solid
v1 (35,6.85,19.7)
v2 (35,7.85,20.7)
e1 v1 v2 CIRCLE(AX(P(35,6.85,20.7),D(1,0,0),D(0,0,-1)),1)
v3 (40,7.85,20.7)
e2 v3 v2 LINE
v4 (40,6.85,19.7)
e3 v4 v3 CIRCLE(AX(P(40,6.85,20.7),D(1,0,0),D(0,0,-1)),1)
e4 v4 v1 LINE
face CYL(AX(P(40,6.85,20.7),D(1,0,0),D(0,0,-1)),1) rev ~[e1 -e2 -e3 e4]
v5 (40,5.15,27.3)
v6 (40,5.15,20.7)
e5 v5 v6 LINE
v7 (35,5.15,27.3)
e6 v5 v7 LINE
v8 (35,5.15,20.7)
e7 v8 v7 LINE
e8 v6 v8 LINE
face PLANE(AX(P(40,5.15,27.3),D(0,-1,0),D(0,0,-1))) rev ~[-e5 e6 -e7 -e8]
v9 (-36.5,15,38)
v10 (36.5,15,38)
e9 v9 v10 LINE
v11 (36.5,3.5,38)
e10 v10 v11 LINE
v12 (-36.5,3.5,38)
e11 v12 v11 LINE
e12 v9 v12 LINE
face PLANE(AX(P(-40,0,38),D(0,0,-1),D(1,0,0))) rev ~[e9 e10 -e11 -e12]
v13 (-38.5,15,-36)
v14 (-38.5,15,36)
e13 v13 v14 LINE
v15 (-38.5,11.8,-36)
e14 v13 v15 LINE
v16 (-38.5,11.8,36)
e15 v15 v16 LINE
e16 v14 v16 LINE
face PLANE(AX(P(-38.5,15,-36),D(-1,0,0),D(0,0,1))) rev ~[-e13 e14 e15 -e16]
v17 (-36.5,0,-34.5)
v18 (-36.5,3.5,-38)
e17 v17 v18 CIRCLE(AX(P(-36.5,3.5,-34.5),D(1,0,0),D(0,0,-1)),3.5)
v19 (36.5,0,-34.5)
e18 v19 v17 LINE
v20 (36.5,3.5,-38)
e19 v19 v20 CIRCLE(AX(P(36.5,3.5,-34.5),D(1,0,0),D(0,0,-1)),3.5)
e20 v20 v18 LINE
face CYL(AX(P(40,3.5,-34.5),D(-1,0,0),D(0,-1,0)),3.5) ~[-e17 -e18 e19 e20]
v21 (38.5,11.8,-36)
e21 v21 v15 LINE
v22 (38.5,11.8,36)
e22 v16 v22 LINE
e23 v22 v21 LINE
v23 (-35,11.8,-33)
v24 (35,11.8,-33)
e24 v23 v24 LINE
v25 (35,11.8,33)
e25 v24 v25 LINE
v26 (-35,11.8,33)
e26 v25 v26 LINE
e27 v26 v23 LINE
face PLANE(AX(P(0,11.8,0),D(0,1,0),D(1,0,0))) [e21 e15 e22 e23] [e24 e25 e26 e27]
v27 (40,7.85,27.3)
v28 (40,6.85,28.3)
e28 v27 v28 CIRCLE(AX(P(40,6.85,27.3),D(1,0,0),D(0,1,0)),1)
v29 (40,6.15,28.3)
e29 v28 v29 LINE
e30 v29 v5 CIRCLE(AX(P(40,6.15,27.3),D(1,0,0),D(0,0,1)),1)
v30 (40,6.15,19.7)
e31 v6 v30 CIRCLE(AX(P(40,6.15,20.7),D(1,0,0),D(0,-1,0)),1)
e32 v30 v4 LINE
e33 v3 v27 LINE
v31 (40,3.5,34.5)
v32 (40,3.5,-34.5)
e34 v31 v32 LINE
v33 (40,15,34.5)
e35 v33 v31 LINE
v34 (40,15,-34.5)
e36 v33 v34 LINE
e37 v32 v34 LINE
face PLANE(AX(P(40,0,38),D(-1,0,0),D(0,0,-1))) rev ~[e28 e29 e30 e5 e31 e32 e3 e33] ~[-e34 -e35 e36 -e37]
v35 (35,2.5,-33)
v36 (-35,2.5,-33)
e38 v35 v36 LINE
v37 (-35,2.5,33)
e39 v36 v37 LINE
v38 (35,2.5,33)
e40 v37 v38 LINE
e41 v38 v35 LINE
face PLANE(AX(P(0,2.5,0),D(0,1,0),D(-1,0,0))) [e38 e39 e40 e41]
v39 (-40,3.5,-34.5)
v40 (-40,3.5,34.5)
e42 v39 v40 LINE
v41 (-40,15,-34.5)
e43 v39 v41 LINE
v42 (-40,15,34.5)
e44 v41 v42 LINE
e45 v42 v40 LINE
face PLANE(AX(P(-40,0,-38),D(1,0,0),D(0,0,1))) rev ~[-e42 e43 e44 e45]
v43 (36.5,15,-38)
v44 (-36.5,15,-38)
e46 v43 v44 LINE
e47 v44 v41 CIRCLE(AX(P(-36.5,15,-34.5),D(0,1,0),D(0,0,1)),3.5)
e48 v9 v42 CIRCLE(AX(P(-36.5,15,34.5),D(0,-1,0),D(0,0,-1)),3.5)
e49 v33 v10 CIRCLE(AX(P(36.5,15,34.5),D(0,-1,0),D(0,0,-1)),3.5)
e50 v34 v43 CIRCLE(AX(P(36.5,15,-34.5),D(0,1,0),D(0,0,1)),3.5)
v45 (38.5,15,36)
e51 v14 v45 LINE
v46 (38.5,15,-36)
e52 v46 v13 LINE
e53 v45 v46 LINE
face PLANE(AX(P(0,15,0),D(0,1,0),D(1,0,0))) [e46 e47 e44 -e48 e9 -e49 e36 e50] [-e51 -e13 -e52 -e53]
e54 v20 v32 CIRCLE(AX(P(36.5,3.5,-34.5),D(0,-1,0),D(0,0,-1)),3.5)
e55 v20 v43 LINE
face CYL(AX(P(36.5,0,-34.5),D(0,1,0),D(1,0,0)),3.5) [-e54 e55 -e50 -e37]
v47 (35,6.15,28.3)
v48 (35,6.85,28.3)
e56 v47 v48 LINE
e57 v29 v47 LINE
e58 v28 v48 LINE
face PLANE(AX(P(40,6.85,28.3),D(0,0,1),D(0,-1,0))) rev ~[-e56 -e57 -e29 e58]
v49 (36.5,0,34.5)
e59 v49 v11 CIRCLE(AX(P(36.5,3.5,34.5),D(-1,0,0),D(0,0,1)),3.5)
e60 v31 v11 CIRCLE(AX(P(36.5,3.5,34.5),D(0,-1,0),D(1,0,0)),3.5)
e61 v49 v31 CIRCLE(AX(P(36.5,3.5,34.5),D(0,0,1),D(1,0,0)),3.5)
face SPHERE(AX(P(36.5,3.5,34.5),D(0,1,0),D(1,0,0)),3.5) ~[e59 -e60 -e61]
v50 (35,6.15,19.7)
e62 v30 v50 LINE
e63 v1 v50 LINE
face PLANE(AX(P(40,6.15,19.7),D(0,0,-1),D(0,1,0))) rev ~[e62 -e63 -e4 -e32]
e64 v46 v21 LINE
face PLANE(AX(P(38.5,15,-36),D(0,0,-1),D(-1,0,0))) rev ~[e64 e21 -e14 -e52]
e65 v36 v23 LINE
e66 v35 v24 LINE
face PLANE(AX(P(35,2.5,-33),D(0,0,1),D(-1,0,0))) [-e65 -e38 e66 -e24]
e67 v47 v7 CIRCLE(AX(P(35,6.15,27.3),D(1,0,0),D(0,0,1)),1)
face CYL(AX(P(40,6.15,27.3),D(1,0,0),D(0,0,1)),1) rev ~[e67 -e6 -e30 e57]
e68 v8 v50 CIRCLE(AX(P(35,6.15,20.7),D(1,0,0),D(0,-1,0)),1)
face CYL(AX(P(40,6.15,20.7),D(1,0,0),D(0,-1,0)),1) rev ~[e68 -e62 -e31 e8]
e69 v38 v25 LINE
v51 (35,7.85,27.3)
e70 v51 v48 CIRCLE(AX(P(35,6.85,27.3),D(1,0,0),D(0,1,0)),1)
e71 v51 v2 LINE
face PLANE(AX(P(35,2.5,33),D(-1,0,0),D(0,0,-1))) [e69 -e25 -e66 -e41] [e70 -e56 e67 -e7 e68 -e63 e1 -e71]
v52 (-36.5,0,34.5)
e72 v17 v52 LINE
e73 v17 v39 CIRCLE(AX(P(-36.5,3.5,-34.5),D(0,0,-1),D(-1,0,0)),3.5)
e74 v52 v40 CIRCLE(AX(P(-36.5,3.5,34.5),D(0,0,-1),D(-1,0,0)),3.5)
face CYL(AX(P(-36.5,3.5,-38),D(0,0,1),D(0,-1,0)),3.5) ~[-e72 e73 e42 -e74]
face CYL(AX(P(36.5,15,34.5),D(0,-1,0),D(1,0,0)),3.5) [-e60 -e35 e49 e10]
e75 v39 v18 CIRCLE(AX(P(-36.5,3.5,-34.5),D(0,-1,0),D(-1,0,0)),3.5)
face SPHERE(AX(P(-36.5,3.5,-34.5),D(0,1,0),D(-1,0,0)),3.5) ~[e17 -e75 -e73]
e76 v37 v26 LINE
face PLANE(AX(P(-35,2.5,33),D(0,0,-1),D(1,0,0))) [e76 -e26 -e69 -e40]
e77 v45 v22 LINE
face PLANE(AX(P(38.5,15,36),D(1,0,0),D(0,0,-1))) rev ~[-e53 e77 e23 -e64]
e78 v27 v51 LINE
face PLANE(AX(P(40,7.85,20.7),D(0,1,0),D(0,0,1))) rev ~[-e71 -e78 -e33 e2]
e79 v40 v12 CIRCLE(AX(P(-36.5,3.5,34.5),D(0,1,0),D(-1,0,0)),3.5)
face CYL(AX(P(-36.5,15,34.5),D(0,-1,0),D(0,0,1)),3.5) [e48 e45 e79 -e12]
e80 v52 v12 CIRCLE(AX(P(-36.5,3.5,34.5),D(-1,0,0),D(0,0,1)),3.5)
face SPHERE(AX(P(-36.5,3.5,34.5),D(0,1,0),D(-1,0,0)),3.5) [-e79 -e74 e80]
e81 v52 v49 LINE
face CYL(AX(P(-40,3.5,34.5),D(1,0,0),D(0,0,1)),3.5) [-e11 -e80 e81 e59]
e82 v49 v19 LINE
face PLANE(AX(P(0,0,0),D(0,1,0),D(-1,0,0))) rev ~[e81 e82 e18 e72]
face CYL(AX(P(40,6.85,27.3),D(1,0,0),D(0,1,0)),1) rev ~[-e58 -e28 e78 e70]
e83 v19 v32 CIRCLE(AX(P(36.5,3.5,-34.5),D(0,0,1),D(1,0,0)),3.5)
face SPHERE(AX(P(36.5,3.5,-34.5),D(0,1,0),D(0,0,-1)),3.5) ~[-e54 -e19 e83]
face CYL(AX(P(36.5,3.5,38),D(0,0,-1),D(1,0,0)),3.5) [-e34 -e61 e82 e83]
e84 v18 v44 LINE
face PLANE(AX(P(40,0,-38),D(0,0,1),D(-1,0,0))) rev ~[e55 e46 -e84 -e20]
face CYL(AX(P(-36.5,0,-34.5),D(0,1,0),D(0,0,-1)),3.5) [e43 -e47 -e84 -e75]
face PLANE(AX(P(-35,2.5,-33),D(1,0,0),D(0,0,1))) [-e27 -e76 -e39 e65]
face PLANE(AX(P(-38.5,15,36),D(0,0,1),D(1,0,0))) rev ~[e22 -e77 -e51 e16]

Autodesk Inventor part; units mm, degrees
ref_plane "YZ Plane" through (0, 0, 0) normal (1, 0, 0) x (0, 1, 0)
ref_plane "XZ Plane" through (0, 0, 0) normal (0, 1, 0) x (-1, 0, 0)
ref_plane "XY Plane" through (0, 0, 0) normal (0, 0, 1) x (1, 0, 0)
sketch "Sketch2" plane through (0, 0, 0) normal (0, 1, 0) x (-1, 0, 0)
  line L0 (-40, -38) -> (40, -38)
  line L1 (40, -38) -> (40, 38)
  line L2 (40, 38) -> (-40, 38)
  line L3 (-40, 38) -> (-40, -38)
  line L4 (-40, -38) -> (40, 38) construction
  line L5 (40, -38) -> (-40, 38) construction
  point P0 (0, 0)
  dimension "d0" = 80
  dimension "d1" = 76
extrude "Extrusion1" add sketch "Sketch2" along normal blind 2.5
sketch "Sketch3" plane through (0, 2.5, 0) normal (0, 1, 0) x (1, 0, 0)
  line L0 (-35, -33) -> (35, -33)
  line L1 (35, -33) -> (35, 33)
  line L2 (35, 33) -> (-35, 33)
  line L3 (-35, 33) -> (-35, -33)
  line L4 (-35, -33) -> (35, 33) construction
  line L5 (35, -33) -> (-35, 33) construction
  line L6 (-40, 38) -> (-40, -38) projected
  line L7 (-40, 38) -> (-40, -38) projected
  line L8 (-40, -38) -> (40, -38) projected
  line L9 (-40, -38) -> (40, -38) projected
  line L10 (40, -38) -> (40, 38) projected
  line L11 (40, -38) -> (40, 38) projected
  line L12 (40, 38) -> (-40, 38) projected
  line L13 (40, 38) -> (-40, 38) projected
  point P0 (0, 0)
  dimension "d4" = 70
  dimension "d5" = 66
extrude "Extrusion2" add sketch "Sketch3" along normal blind 12.5
sketch "Sketch4" plane through (40, 0, 38) normal (1, 0, 0) x (0, 0, -1)
  line L0 (76, 0) -> (0, 0) projected
  line L1 (0, 0) -> (0, 15) projected
  line L2 (76, 0) -> (76, 15) projected
  line L3 (71, 2.5) -> (71, 15) projected
  line L4 (76, 15) -> (0, 15) projected
  line L5 (71, 2.5) -> (5, 2.5) projected
  line L6 (5, 2.5) -> (5, 15) projected
  line L7 (5, 15) -> (71, 15) projected
  line L8 (71, 15) -> (5, 15) projected
  line L9 (5, 2.5) -> (71, 2.5) projected
  line L10 (5, 2.5) -> (5, 15) projected
  line L11 (0, 0) -> (0, 15) projected
  line L12 (0, 0) -> (76, 0) projected
  line L13 (0, 15) -> (76, 15) projected
  line L14 (71, 2.5) -> (71, 15) projected
  line L15 (76, 0) -> (76, 15) projected
  line L16 (10.7, 5.15) -> (17.3, 5.15)
  line L17 (18.3, 6.15) -> (18.3, 6.85)
  line L18 (17.3, 7.85) -> (10.7, 7.85)
  line L19 (9.7, 6.85) -> (9.7, 6.15)
  line L20 (9.7, 5.15) -> (18.3, 7.85) construction
  line L21 (18.3, 5.15) -> (9.7, 7.85) construction
  arc A0 (18.3, 6.85) -> (17.3, 7.85) centre (17.3, 6.85) ccw
  arc A1 (17.3, 5.15) -> (18.3, 6.15) centre (17.3, 6.15) ccw
  arc A2 (10.7, 7.85) -> (9.7, 6.85) centre (10.7, 6.85) ccw
  arc A3 (9.7, 6.15) -> (10.7, 5.15) centre (10.7, 6.15) ccw
  point P0 (38, 0)
  point P1 (14, 6.5)
  dimension "d8" = 8.6
  dimension "d9" = 2.7
  dimension "d10" = 1
  dimension "d11" = 1
  dimension "d12" = 4
  dimension "d13" = 9
extrude "Extrusion3" cut sketch "Sketch4" against normal blind 12.5 contours A3 L19 A2 L18 A0 L17 A1 L16
fillet "Fillet1" radius 3.5 8 edges at (40, 7.5, -38) (40, 7.5, 38) (-40, 7.5, 38) (-40, 7.5, -38) (-40, 0, 0) (0, 0, -38) (40, 0, 0) (0, 0, 38)
sketch "Sketch5" plane through (0, 15, 0) normal (0, 1, 0) x (1, 0, 0)
  line L0 (36.5, 38) -> (-36.5, 38) projected
  line L1 (-36.5, -38) -> (36.5, -38) projected
  line L2 (40, -34.5) -> (40, 34.5) projected
  line L3 (-40, 34.5) -> (-40, -34.5) projected
  line L4 (35, -33) -> (-35, -33) projected
  line L5 (-35, -33) -> (-35, 33) projected
  line L6 (-35, 33) -> (35, 33) projected
  line L7 (35, 33) -> (35, -33) projected
  line L8 (-38.5, -36) -> (38.5, -36)
  line L9 (38.5, -36) -> (38.5, 36)
  line L10 (38.5, 36) -> (-38.5, 36)
  line L11 (-38.5, 36) -> (-38.5, -36)
  line L12 (-38.5, -36) -> (38.5, 36) construction
  line L13 (38.5, -36) -> (-38.5, 36) construction
  point P0 (0, 0)
  dimension "d17" = 76
  dimension "d18" = 80
  dimension "d19" = 77
  dimension "d20" = 72
extrude "Extrusion4" cut sketch "Sketch5" against normal blind 3.2
properties part number "backdoor"
